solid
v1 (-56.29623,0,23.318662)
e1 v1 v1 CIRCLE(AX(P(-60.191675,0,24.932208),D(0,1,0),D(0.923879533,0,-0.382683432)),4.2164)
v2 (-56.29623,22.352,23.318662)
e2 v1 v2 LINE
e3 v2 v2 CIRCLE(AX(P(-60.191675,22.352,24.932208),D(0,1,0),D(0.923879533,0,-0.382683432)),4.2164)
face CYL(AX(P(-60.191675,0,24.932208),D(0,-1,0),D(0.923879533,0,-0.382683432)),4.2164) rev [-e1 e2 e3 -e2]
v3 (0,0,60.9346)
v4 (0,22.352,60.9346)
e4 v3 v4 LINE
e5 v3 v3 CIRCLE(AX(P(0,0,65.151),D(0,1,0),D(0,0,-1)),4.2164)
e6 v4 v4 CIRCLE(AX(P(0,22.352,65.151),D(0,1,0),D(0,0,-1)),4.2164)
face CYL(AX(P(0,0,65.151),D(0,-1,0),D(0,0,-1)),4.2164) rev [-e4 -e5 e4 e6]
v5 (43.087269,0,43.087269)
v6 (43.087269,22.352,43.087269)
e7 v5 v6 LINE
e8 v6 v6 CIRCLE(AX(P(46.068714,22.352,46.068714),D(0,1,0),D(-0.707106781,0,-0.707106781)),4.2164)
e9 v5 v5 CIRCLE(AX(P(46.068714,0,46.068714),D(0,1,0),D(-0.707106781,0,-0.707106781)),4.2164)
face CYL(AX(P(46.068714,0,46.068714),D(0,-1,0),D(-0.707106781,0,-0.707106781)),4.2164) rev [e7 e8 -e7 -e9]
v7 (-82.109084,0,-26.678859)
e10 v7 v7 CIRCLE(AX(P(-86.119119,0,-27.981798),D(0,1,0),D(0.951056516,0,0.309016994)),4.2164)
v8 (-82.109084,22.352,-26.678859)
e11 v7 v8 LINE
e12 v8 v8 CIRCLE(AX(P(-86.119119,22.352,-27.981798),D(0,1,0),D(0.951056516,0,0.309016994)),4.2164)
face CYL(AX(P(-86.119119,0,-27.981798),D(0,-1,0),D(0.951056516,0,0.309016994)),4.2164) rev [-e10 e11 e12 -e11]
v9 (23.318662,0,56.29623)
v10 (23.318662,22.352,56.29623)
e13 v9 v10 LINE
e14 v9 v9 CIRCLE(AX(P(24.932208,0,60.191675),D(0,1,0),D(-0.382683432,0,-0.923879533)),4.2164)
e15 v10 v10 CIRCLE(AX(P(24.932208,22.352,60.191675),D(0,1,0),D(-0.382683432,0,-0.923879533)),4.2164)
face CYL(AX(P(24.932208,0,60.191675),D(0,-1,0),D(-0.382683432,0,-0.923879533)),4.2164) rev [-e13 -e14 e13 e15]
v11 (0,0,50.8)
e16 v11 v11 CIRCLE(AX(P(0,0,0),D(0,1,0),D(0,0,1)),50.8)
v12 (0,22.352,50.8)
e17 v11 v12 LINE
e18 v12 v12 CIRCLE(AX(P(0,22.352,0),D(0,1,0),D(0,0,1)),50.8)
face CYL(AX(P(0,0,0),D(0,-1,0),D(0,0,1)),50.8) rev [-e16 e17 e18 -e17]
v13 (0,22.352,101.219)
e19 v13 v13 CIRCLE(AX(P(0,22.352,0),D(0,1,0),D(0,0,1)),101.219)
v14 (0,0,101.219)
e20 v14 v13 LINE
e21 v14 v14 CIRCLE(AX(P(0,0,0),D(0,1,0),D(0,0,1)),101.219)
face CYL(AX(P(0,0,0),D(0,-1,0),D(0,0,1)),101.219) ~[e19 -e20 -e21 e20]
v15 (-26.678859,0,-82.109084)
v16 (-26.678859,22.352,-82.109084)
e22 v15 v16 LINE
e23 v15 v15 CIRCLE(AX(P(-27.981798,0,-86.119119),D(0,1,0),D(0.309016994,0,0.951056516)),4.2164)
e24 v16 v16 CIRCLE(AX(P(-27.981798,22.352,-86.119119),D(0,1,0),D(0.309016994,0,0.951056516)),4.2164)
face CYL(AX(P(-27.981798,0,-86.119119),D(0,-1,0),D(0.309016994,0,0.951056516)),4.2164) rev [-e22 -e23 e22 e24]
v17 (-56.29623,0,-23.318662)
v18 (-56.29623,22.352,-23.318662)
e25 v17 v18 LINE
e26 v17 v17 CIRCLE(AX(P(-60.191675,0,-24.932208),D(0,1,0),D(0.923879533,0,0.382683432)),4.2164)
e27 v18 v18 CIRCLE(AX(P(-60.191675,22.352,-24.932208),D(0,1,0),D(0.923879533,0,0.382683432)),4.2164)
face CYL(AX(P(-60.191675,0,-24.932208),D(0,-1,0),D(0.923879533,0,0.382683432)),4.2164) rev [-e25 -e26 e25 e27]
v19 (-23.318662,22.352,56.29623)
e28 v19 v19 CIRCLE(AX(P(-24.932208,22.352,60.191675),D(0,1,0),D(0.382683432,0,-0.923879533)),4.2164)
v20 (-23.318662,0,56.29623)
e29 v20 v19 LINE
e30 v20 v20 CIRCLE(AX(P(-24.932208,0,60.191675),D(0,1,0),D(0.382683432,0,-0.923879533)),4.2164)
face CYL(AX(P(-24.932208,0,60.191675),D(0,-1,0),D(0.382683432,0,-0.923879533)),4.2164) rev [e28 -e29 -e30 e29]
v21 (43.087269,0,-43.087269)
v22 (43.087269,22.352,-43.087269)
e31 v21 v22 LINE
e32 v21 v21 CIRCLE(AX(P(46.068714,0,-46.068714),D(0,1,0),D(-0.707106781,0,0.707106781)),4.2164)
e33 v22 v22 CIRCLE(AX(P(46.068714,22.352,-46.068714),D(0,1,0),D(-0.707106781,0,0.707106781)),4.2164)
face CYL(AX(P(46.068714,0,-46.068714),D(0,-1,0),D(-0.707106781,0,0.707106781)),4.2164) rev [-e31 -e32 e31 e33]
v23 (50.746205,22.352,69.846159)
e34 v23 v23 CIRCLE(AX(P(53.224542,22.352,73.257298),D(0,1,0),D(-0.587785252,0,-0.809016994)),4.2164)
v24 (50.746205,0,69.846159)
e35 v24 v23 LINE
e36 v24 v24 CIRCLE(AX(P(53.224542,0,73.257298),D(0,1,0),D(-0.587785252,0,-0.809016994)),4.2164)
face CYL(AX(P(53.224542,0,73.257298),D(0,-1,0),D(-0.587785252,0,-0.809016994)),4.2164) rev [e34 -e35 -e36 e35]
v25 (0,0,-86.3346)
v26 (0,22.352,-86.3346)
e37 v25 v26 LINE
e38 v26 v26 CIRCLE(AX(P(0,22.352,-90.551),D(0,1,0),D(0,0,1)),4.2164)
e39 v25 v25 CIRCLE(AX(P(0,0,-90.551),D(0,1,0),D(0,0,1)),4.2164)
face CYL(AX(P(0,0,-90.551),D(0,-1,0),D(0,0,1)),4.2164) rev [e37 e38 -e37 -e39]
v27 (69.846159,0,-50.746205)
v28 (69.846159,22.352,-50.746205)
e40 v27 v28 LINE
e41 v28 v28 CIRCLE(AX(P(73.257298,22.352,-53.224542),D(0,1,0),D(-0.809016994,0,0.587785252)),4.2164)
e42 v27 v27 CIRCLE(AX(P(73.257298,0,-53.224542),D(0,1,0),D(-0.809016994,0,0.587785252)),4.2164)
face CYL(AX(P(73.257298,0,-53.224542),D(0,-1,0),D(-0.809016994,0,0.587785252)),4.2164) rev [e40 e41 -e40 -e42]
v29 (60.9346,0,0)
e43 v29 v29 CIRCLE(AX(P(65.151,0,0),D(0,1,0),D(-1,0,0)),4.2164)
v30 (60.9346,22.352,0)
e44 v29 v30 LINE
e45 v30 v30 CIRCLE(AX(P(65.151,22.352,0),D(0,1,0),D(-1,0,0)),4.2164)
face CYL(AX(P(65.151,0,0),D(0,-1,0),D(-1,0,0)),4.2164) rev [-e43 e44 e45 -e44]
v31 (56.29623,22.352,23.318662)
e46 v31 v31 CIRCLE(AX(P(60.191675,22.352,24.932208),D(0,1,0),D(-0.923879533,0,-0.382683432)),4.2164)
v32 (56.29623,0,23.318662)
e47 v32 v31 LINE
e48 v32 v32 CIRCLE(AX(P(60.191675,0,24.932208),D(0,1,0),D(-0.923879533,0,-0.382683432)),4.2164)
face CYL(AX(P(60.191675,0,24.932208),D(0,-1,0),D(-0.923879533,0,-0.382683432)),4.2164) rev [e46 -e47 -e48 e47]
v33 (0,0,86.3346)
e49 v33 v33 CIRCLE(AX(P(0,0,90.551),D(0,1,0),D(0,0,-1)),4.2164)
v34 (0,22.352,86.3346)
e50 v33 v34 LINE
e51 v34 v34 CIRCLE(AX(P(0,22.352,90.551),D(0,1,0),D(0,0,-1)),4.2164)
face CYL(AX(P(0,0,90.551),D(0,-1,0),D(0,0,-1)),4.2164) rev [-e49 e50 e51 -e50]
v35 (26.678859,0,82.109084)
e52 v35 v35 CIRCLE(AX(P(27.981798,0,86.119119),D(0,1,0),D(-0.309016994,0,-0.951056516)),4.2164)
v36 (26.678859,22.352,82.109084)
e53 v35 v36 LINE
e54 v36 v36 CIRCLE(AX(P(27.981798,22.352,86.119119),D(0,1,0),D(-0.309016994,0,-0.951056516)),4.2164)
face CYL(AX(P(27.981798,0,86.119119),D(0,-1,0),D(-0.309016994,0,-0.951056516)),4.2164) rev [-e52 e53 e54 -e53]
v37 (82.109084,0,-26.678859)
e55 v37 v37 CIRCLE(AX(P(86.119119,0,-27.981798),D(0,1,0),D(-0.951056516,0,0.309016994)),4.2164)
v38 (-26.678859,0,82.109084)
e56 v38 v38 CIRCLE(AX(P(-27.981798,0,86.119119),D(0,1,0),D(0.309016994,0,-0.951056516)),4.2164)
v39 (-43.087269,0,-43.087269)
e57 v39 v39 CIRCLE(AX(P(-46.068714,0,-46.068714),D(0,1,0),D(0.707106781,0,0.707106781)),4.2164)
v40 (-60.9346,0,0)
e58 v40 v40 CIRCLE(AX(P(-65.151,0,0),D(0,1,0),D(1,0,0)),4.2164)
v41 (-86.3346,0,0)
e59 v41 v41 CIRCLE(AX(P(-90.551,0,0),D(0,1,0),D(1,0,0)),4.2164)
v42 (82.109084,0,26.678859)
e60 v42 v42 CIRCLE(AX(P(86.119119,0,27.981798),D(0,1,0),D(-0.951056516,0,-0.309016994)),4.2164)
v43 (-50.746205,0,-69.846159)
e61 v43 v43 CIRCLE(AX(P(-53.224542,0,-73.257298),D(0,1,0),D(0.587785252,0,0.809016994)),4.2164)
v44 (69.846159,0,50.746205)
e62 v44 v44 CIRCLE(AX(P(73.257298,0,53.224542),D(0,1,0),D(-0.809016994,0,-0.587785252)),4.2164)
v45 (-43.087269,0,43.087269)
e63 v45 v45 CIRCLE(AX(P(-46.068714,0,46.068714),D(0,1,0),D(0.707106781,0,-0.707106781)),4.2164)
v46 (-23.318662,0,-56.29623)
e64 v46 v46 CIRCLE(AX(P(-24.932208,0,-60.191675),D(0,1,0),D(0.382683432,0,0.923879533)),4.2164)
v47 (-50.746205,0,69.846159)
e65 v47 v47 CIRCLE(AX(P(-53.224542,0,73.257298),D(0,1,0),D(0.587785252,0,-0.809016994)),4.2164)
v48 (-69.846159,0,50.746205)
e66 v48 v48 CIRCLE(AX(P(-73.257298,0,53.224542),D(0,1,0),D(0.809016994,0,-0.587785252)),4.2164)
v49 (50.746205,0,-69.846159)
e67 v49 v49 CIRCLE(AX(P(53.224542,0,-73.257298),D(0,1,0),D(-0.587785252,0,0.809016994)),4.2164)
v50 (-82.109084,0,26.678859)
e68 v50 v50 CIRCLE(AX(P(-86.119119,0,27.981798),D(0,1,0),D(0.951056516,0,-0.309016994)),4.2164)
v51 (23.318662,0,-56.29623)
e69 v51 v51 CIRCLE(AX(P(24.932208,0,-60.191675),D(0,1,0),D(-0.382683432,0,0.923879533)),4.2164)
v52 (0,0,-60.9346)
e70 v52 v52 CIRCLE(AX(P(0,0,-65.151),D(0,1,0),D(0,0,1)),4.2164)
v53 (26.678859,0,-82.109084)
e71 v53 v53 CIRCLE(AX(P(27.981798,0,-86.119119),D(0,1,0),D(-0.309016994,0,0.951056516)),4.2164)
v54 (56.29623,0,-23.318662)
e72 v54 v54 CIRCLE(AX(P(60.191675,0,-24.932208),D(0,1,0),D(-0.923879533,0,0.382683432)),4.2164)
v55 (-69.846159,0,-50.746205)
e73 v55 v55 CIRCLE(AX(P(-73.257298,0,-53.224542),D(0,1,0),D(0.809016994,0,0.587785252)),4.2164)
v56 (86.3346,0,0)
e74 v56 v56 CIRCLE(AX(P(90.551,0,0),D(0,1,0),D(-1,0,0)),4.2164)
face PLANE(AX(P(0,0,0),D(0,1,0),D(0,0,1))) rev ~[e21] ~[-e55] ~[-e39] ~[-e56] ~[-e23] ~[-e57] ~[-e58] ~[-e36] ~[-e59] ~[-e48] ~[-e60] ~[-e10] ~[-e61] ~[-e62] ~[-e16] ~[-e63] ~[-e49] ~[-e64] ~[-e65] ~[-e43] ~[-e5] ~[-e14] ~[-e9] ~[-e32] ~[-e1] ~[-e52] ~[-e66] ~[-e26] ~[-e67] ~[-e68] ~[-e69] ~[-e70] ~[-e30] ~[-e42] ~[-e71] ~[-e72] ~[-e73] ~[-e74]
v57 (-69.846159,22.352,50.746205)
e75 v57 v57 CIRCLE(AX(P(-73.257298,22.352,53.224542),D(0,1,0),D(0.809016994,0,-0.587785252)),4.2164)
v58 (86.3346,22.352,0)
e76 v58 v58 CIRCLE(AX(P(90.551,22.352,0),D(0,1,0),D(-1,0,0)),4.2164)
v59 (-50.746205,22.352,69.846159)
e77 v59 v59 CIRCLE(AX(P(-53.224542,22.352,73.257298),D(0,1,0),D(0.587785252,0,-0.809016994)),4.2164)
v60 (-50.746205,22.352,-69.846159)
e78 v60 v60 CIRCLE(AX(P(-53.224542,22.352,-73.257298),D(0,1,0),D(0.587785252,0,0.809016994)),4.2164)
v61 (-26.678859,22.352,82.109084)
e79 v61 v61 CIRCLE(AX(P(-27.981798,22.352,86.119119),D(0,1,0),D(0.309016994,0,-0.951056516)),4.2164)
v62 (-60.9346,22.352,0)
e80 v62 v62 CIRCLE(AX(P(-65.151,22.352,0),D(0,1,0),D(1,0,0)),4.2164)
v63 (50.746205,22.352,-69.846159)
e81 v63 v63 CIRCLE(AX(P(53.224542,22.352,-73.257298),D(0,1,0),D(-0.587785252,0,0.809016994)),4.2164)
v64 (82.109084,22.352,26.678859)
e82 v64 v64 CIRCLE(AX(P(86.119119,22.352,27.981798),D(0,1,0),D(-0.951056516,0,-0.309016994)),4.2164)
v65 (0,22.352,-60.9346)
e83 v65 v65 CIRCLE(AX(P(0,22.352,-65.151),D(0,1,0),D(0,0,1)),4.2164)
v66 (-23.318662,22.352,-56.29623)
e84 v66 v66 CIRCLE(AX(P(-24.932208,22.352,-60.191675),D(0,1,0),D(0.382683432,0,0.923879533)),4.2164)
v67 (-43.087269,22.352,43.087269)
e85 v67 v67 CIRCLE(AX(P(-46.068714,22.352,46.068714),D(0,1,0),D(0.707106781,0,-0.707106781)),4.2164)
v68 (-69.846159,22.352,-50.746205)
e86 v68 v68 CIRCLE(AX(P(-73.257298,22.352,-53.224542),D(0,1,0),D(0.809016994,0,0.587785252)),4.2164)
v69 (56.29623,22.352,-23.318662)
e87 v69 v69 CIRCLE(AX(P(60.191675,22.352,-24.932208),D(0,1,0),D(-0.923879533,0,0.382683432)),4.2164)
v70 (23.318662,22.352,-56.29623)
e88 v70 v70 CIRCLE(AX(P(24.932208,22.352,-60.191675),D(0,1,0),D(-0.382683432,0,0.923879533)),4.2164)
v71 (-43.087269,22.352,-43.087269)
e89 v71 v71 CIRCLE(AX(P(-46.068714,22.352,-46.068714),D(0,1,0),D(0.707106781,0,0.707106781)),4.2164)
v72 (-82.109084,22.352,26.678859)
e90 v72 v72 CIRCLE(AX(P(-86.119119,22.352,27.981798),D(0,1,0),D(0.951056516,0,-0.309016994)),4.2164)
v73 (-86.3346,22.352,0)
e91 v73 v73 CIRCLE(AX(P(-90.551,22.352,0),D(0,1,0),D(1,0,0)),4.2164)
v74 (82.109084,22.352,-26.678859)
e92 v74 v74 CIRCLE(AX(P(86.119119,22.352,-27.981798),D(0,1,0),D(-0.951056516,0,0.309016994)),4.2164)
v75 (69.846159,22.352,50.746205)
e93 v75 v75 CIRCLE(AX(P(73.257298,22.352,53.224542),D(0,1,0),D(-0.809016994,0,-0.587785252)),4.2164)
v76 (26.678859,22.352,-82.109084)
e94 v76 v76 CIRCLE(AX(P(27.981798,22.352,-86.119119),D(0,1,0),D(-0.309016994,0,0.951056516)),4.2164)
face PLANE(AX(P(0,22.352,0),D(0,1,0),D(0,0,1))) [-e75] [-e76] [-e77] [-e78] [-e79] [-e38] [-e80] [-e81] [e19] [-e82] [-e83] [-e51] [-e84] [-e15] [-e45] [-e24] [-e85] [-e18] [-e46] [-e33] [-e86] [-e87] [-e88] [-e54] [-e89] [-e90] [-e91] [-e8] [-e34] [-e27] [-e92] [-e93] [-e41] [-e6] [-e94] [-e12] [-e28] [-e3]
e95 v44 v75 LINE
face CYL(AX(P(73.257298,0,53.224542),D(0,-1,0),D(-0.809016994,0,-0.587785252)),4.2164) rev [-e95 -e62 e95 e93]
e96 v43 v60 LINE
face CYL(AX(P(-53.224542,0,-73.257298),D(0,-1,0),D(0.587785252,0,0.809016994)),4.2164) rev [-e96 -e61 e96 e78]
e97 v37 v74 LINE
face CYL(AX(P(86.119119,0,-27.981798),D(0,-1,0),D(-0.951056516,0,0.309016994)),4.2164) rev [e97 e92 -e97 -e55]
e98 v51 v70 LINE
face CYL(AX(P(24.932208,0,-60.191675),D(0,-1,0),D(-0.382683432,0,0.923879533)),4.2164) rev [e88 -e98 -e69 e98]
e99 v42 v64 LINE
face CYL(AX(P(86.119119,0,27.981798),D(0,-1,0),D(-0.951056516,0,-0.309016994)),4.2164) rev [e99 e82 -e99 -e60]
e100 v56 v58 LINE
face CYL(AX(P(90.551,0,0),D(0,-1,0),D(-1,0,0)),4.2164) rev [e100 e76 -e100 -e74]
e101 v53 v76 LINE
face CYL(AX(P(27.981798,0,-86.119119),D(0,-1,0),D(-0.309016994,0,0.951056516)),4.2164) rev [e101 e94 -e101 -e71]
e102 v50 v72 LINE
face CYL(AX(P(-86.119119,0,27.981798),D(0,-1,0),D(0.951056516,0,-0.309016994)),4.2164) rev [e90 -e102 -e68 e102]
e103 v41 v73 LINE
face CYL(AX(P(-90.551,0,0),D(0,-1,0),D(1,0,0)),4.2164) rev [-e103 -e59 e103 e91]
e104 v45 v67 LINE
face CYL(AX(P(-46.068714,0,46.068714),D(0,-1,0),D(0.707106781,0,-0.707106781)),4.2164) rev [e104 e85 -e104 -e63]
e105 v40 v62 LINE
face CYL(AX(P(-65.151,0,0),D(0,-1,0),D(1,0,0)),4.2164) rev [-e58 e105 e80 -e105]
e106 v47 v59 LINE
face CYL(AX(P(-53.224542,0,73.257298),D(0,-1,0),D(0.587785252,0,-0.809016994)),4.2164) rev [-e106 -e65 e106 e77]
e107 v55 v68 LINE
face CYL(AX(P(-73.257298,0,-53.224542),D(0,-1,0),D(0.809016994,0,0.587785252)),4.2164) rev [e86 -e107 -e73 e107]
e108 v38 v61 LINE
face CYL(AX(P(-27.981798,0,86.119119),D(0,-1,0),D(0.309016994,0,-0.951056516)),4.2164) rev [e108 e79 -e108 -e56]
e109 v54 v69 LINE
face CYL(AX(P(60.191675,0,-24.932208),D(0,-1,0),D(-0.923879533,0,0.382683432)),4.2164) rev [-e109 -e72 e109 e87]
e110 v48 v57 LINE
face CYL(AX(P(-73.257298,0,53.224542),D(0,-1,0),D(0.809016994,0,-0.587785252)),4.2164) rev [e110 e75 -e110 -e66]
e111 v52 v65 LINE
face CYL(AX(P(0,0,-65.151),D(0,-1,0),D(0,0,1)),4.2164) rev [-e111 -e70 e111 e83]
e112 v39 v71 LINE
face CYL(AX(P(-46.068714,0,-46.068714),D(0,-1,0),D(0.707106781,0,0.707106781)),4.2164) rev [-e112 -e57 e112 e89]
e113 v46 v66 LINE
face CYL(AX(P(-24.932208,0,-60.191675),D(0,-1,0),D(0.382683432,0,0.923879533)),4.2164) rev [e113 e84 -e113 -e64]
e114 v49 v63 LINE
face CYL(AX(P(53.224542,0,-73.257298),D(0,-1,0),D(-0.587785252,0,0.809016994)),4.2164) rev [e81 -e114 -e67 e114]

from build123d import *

# Parameters (mm, degrees)
SKETCH1_R          = 101.219
EXTRUDE1_DEPTH     = 22.352
SKETCH2_R          = 50.8
CUT_EXTRUDE1_DEPTH = 22.352
SKETCH3_R          = 4.2164
CUT_EXTRUDE3_DEPTH = 22.352
CIRPATTERN1_COUNT  = 16
SKETCH4_R          = 4.2164
CUT_EXTRUDE4_DEPTH = 22.352
CIRPATTERN2_COUNT  = 20


with BuildPart() as part:
    # Sketch1 → Extrude1 (new body)
    with BuildSketch(Plane(origin=(0, 0, 0), x_dir=(1, 0, 0), z_dir=(0, 1, 0))):
        Circle(SKETCH1_R)
    extrude(amount=EXTRUDE1_DEPTH)

    # Sketch2 → Cut-Extrude1 (cut)
    with BuildSketch(Plane(origin=(0, 0, 0), x_dir=(1, 0, 0), z_dir=(0, 1, 0))):
        Circle(SKETCH2_R)
    extrude(amount=CUT_EXTRUDE1_DEPTH, mode=Mode.SUBTRACT)

    # Sketch3 → Cut-Extrude3 (cut)
    with BuildSketch(Plane(origin=(0, 0, 0), x_dir=(1, 0, 0), z_dir=(0, 1, 0))):
        with Locations((0, 65.151)):
            Circle(SKETCH3_R)
    cut_extrude3 = extrude(amount=CUT_EXTRUDE3_DEPTH, mode=Mode.SUBTRACT)

    # CirPattern1: Cut-Extrude3 ×16 about axis
    cirpattern1_axis = Axis((0, 103.923475146, 0), (0, -1, 0))
    for i in range(1, CIRPATTERN1_COUNT):
        add(cut_extrude3.rotate(cirpattern1_axis, i * 360 / CIRPATTERN1_COUNT), mode=Mode.SUBTRACT)

    # Sketch4 → Cut-Extrude4 (cut)
    with BuildSketch(Plane(origin=(0, 0, 0), x_dir=(1, 0, 0), z_dir=(0, 1, 0))):
        with Locations((0, 90.551)):
            Circle(SKETCH4_R)
    cut_extrude4 = extrude(amount=CUT_EXTRUDE4_DEPTH, mode=Mode.SUBTRACT)

    # CirPattern2: Cut-Extrude4 ×20 about axis
    cirpattern2_axis = Axis((0, 103.923475146, 0), (0, -1, 0))
    for i in range(1, CIRPATTERN2_COUNT):
        add(cut_extrude4.rotate(cirpattern2_axis, i * 360 / CIRPATTERN2_COUNT), mode=Mode.SUBTRACT)


solid = part.part
